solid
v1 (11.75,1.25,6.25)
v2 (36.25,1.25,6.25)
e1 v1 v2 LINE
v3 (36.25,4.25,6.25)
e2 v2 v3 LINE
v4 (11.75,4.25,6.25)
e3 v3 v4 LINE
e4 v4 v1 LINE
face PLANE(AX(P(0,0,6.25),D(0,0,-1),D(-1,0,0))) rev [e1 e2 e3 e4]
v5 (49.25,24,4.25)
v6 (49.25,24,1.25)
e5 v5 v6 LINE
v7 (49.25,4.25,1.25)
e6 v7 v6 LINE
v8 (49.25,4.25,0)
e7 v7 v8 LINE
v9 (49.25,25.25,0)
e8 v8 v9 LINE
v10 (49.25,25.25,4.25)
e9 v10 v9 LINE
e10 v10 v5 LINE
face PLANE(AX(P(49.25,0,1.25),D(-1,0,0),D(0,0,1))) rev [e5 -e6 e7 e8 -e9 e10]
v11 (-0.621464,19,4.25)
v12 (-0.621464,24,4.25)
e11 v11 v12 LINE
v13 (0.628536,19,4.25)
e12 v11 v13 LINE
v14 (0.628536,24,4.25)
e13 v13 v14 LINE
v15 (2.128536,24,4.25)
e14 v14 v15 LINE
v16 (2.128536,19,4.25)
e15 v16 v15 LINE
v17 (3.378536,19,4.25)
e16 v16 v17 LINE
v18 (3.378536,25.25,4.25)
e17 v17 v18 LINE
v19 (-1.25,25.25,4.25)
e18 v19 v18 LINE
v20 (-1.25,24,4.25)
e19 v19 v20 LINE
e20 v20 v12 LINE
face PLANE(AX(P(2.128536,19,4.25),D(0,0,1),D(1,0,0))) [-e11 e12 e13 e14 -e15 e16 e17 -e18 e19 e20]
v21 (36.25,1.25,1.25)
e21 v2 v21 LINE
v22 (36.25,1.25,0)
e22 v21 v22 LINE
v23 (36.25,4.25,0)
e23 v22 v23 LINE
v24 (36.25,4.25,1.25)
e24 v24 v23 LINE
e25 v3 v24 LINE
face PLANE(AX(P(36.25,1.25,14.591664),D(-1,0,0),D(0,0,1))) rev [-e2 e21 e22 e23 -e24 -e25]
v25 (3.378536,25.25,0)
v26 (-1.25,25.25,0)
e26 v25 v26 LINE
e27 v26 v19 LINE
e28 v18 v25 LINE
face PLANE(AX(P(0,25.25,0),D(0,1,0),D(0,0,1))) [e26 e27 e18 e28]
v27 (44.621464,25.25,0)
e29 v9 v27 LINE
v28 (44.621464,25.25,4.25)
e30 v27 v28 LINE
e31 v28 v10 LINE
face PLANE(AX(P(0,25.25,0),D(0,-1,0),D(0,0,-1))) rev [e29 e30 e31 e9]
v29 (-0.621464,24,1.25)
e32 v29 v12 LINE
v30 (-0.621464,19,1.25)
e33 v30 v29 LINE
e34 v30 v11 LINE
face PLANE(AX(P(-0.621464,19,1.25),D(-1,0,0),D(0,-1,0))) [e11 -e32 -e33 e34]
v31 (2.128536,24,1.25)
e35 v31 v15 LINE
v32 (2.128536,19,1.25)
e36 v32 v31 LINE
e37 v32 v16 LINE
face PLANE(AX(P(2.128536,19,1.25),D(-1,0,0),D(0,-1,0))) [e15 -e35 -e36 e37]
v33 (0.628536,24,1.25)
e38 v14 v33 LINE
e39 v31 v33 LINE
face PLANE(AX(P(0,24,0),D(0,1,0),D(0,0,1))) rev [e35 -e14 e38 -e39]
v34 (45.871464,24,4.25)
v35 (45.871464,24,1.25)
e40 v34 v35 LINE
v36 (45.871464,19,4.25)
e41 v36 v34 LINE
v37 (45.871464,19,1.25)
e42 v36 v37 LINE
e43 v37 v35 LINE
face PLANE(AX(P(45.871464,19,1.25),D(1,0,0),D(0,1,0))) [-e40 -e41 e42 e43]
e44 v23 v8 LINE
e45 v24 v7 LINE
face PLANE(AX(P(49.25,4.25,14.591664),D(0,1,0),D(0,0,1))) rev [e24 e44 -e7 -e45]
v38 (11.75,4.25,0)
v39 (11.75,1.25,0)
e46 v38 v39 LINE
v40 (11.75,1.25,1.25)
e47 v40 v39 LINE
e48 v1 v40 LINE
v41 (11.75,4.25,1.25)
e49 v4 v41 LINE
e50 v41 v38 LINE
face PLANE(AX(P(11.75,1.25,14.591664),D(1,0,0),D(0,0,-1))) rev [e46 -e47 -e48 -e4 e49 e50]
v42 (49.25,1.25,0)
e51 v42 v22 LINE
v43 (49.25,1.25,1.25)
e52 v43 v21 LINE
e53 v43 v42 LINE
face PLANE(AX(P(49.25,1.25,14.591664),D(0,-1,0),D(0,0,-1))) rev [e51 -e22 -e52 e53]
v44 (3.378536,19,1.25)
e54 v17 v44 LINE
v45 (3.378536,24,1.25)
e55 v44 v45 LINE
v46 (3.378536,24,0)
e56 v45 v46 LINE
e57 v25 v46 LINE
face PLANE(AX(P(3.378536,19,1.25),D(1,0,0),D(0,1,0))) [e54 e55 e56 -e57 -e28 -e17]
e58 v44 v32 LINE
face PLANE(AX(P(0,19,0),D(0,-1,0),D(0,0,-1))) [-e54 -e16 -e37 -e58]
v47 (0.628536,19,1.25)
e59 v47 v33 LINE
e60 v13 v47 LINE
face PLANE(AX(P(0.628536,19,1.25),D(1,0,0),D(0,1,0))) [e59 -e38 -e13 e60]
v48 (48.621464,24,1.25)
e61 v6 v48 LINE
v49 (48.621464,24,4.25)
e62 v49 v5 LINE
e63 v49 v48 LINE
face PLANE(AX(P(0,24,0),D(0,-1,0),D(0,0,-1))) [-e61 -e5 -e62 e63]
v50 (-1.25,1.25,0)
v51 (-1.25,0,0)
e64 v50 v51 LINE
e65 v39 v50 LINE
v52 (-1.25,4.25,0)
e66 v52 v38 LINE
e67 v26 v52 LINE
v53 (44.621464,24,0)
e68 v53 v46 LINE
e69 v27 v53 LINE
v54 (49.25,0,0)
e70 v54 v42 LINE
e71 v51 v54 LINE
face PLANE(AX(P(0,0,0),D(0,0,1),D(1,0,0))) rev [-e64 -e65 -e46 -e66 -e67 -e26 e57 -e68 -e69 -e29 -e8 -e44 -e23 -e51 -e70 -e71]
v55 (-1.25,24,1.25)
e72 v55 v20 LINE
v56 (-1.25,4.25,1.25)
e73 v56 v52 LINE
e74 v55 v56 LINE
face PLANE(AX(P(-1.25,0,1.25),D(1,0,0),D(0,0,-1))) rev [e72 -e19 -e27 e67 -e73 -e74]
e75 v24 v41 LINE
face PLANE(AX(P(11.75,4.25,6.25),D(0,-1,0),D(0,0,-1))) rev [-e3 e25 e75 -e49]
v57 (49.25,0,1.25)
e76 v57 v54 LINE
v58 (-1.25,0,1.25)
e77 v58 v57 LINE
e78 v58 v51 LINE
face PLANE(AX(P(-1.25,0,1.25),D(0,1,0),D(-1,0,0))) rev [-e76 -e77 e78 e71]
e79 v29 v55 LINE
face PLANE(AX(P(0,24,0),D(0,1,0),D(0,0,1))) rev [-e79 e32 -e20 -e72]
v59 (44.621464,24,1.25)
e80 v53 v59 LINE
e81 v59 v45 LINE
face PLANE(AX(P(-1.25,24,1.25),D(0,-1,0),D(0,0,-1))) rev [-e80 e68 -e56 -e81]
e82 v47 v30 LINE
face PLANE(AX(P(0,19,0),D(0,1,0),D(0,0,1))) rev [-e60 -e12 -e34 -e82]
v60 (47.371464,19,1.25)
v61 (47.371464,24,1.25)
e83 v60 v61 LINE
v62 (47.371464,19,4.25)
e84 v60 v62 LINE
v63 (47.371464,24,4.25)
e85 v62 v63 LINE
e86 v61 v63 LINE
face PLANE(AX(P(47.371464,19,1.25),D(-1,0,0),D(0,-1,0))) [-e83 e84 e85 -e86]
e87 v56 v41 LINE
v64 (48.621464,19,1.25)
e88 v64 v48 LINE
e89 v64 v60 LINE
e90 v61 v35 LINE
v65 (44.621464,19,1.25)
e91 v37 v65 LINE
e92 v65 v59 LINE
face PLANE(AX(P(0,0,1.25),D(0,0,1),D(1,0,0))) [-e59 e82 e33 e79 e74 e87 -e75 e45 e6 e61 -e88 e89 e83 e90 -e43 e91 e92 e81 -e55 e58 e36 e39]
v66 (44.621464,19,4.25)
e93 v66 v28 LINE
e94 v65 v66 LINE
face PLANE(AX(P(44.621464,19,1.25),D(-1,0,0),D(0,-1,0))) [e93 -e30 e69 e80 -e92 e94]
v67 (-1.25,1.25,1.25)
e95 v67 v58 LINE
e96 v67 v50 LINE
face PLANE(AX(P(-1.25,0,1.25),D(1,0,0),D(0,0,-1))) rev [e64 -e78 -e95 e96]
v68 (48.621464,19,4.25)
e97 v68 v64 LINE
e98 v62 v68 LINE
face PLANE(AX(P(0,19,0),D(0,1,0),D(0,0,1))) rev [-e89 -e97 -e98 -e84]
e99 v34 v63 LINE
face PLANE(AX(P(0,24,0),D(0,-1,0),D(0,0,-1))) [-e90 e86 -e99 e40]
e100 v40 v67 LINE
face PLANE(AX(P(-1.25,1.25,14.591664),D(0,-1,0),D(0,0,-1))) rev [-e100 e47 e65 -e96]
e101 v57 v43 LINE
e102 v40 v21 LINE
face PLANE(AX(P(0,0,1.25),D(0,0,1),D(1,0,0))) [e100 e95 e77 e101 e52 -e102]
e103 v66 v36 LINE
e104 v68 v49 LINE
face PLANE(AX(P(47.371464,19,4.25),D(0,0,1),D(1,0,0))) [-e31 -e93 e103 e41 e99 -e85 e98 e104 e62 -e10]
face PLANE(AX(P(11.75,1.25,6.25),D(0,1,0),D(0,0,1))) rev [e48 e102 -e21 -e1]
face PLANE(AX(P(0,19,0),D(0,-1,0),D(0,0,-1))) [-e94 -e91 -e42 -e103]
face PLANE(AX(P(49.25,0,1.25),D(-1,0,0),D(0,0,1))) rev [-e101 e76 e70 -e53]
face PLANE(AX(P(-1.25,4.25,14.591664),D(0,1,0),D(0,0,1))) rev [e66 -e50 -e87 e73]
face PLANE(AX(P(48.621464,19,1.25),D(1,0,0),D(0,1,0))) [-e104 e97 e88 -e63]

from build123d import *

# Parameters (mm, degrees)
SKETCH1_W           = 50.5
SKETCH1_H           = 24
BOSS_EXTRUDE1_DEPTH = 1.25
SKETCH2_W           = 1.25
SKETCH2_H           = 3
BOSS_EXTRUDE2_DEPTH = 5
SKETCH3_W           = 13
SKETCH3_H           = 3
CUT_EXTRUDE1_DEPTH  = 1.25
SKETCH5_W           = 4.628536498
SKETCH5_H           = 4.25
BOSS_EXTRUDE3_DEPTH = 1.25
SKETCH9_W           = 24.5
SKETCH9_H           = 3
BOSS_EXTRUDE5_DEPTH = 5


with BuildPart() as part:
    # Sketch1 → Boss-Extrude1 (new body)
    with BuildSketch(Plane.XY):
        with Locations((24, 12)):
            Rectangle(SKETCH1_W, SKETCH1_H)
    extrude(amount=BOSS_EXTRUDE1_DEPTH)

    # Sketch2 → Boss-Extrude2 (add)
    with BuildSketch(Plane(origin=(0, 24, 0), x_dir=(1, 0, 0), z_dir=(0, 1, 0))):
        with Locations((47.996463502, -2.75)):
            Rectangle(SKETCH2_W, SKETCH2_H)
        with Locations((45.246463502, -2.75)):
            Rectangle(SKETCH2_W, SKETCH2_H)
        with Locations((2.753536498, -2.75)):
            Rectangle(SKETCH2_W, SKETCH2_H)
        with Locations((0.003536498, -2.75)):
            Rectangle(SKETCH2_W, SKETCH2_H)
    extrude(amount=-BOSS_EXTRUDE2_DEPTH)

    # Sketch3 → Cut-Extrude1 (cut)
    with BuildSketch(Plane(origin=(0, 0, 0), x_dir=(-1, 0, 0), z_dir=(0, 0, -1))):
        with Locations((-42.75, 2.75)):
            Rectangle(SKETCH3_W, SKETCH3_H)
        with Locations((-5.25, 2.75)):
            Rectangle(SKETCH3_W, SKETCH3_H)
    extrude(amount=-CUT_EXTRUDE1_DEPTH, mode=Mode.SUBTRACT)

    # Sketch5 → Boss-Extrude3 (add)
    with BuildSketch(Plane(origin=(0, 24, 0), x_dir=(1, 0, 0), z_dir=(0, 1, 0))):
        with Locations((1.064268249, -2.125)):
            Rectangle(SKETCH5_W, SKETCH5_H)
        with Locations((46.935731751, -2.125)):
            Rectangle(SKETCH5_W, SKETCH5_H)
    extrude(amount=BOSS_EXTRUDE3_DEPTH)

    # Sketch9 → Boss-Extrude5 (add)
    with BuildSketch(Plane.XY.offset(1.25)):
        with Locations((24, 2.75)):
            Rectangle(SKETCH9_W, SKETCH9_H)
    extrude(amount=BOSS_EXTRUDE5_DEPTH)


solid = part.part
